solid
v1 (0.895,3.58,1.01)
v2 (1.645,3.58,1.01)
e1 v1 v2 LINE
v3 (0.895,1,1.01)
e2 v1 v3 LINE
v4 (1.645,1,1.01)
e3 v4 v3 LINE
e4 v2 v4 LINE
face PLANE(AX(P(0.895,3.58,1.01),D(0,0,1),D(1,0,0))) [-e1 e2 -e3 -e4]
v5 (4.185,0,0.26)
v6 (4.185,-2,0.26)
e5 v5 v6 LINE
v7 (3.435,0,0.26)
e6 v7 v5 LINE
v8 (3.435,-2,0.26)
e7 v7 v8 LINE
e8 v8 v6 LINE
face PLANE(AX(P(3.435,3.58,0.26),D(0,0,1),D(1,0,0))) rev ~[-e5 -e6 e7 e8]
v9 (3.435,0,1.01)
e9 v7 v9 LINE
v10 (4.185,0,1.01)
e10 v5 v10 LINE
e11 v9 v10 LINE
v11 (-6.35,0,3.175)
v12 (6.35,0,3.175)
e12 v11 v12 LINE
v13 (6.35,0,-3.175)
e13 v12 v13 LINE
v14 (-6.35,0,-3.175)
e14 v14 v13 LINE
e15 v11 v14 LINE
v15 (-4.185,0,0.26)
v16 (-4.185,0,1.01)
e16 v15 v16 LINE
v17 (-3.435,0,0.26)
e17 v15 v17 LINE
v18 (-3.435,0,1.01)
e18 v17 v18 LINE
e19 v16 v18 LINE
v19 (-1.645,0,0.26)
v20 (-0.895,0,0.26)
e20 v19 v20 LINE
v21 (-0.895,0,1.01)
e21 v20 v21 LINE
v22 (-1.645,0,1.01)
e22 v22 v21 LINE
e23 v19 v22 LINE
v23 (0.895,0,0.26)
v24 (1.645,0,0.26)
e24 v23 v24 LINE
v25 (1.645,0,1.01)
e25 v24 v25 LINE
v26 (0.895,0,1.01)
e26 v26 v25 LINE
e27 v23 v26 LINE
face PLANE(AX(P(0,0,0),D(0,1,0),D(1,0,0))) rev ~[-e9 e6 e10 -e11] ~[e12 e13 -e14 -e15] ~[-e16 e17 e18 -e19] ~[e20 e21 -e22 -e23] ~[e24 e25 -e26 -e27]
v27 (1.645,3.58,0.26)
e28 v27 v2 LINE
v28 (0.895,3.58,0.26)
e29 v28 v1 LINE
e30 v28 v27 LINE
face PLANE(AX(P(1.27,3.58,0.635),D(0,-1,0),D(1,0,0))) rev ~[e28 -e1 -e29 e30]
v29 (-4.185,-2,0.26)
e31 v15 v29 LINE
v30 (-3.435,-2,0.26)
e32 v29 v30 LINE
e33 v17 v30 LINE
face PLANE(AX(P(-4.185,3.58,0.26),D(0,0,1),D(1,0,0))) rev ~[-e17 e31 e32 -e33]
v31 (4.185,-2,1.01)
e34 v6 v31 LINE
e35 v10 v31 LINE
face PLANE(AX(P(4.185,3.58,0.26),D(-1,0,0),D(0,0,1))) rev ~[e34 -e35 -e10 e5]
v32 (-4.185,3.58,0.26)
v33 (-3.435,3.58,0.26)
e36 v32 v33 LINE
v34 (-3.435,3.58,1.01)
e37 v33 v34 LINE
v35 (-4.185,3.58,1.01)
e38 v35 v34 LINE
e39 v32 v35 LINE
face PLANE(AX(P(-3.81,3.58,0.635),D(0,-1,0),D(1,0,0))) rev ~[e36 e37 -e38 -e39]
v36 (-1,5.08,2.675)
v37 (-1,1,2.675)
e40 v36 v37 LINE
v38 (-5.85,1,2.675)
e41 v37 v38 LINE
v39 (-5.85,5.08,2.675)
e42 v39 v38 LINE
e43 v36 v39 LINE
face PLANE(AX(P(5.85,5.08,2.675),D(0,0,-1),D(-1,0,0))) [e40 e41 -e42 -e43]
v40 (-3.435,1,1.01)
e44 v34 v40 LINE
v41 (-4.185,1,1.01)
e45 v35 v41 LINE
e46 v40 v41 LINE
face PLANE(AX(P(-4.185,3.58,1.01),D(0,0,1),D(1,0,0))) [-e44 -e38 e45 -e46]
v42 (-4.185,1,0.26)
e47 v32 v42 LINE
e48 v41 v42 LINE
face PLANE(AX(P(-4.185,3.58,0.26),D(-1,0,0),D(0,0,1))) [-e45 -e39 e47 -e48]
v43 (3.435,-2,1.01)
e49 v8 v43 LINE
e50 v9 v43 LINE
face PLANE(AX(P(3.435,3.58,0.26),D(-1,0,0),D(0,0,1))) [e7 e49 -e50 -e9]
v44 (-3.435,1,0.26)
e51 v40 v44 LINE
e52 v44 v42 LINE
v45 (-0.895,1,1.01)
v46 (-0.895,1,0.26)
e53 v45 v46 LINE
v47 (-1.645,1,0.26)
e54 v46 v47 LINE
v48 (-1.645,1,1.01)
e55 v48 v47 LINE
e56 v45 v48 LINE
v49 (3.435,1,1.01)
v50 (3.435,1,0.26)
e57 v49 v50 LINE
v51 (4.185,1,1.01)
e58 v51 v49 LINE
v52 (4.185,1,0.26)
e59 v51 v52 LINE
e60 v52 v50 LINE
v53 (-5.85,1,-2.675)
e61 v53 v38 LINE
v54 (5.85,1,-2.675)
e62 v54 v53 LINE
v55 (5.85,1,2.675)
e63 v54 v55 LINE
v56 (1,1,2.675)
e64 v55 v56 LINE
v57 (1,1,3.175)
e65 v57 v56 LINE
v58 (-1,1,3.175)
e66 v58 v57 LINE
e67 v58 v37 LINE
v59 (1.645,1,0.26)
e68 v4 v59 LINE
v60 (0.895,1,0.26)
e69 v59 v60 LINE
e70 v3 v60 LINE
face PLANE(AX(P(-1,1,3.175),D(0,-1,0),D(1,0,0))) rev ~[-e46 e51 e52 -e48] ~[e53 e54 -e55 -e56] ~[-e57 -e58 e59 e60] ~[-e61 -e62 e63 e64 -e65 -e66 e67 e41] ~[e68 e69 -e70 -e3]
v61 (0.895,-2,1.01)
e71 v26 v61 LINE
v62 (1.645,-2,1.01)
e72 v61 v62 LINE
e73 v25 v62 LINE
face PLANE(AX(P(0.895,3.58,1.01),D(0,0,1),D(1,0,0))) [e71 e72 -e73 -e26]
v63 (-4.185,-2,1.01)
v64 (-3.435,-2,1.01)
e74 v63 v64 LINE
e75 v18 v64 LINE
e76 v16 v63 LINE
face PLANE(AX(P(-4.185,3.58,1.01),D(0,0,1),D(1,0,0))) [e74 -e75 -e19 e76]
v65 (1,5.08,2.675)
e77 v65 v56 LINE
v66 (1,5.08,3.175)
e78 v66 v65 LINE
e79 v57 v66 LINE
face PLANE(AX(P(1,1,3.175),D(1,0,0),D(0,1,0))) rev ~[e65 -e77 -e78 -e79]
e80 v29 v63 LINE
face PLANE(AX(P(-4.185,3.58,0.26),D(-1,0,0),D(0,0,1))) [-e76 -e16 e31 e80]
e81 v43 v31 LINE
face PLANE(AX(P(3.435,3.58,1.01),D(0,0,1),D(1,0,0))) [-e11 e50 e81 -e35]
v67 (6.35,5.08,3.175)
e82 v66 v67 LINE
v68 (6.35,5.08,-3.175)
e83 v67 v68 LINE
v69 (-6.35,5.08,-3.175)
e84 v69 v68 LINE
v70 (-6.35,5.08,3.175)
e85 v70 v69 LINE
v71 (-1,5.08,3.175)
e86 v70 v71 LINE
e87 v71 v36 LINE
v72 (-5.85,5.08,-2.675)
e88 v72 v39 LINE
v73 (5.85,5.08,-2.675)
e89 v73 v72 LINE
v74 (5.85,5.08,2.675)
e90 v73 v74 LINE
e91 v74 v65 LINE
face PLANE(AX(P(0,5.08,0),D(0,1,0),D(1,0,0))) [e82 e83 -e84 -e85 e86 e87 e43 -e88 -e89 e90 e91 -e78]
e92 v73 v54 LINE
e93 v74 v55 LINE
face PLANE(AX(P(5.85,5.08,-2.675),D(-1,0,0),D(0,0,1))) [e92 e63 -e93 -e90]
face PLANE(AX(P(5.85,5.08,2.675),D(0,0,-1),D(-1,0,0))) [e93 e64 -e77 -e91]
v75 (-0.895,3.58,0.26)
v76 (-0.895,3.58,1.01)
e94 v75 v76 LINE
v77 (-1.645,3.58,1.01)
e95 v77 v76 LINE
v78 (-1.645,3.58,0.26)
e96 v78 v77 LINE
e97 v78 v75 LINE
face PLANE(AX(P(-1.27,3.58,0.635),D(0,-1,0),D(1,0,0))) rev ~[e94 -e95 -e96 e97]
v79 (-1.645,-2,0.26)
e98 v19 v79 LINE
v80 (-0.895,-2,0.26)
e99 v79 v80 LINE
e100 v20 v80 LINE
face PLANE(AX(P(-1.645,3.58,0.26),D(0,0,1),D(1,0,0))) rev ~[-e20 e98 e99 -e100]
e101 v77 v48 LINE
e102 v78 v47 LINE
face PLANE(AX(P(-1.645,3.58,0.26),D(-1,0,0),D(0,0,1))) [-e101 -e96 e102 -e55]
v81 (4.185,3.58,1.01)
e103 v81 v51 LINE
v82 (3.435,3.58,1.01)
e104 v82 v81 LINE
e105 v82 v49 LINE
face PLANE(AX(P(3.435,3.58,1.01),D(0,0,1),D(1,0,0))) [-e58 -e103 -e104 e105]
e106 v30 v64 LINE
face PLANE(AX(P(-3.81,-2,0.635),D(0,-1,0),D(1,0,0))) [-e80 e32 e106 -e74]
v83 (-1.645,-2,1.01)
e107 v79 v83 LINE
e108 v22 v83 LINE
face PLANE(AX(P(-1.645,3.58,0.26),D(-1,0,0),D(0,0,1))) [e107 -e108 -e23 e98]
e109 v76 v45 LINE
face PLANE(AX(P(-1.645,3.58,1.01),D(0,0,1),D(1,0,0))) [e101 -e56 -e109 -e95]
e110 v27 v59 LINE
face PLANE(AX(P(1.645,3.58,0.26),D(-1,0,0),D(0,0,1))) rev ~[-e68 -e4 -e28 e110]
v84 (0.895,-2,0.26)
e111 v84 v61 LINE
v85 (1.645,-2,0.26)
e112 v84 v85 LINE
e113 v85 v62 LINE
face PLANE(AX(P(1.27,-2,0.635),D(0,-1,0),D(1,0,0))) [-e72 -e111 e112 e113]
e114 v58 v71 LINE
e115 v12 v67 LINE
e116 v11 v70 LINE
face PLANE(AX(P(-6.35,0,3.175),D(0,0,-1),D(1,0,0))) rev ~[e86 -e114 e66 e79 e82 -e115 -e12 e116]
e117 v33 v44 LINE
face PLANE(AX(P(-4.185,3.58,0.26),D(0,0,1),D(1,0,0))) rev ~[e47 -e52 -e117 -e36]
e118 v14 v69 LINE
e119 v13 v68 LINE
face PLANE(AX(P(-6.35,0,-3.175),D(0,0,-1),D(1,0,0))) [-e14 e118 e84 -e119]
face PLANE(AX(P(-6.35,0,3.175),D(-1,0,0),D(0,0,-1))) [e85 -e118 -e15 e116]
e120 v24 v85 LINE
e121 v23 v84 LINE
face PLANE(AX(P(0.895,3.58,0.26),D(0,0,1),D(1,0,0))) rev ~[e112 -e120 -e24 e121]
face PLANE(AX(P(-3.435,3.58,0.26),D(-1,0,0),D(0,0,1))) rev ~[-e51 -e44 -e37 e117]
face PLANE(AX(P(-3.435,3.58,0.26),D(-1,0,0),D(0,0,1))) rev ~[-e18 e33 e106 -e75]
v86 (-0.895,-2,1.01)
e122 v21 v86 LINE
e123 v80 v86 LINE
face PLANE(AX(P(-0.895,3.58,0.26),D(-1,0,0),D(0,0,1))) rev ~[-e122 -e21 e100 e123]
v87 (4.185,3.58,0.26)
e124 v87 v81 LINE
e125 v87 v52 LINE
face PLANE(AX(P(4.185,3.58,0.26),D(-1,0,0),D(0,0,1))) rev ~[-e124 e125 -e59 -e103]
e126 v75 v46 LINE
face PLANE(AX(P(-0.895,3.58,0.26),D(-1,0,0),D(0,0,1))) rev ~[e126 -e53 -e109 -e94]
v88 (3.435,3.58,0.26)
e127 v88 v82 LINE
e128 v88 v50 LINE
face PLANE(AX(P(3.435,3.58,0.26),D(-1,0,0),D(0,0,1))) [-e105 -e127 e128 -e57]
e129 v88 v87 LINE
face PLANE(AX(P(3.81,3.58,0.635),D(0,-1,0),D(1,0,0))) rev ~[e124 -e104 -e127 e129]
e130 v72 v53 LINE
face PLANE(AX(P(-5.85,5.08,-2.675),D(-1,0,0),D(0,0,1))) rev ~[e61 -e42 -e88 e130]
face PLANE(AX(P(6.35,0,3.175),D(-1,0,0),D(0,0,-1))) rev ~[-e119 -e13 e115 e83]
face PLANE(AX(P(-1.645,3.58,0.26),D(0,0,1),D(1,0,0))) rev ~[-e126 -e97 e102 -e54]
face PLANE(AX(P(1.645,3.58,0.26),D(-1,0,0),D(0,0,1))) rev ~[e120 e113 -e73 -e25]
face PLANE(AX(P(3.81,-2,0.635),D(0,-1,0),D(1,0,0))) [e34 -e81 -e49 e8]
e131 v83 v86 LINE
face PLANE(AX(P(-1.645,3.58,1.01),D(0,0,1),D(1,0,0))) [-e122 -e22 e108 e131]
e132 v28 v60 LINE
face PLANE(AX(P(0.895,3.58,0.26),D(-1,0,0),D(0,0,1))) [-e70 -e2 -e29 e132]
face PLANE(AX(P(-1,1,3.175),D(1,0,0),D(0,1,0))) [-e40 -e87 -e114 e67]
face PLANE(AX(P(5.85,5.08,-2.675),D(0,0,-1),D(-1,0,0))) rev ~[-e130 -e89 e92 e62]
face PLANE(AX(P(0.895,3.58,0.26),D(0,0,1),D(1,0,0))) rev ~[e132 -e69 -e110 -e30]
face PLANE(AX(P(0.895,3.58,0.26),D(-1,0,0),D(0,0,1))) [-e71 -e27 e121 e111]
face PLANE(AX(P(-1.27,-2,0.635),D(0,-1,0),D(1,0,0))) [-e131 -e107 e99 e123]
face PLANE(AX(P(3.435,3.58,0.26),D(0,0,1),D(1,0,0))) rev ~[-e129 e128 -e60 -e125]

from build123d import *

# Parameters (mm, degrees)
SKETCH_1_W           = 12.7
SKETCH_1_H           = 6.35
EXTRUDE_1_DEPTH      = 5.08
SKETCH_2_W           = 11.7
SKETCH_2_H           = 5.35
CUT_EXTRUDE_1_DEPTH  = 4.08
SKETCH_3_W           = 2
SKETCH_3_H           = 4.08
CUT_EXTRUDE_2_DEPTH  = 1
EXTRUDE_2_DEPTH      = 2
EXTRUDE_2_DEPTH_BACK = 3.58
SKETCH_4_W           = 0.75
SKETCH_4_H           = 0.75


with BuildPart() as part:
    # 草图1 → 拉伸1 (new body)
    with BuildSketch(Plane(origin=(0, 0, 0), x_dir=(1, 0, 0), z_dir=(0, 1, 0))):
        Rectangle(SKETCH_1_W, SKETCH_1_H)
    extrude(amount=EXTRUDE_1_DEPTH)

    # 草图2 → 切除-拉伸1 (cut)
    with BuildSketch(Plane(origin=(0, 5.08, 0), x_dir=(-1, 0, 0), z_dir=(0, 1, 0))):
        Rectangle(SKETCH_2_W, SKETCH_2_H)
    extrude(amount=-CUT_EXTRUDE_1_DEPTH, mode=Mode.SUBTRACT)

    # 草图3 → 切除-拉伸2 (cut)
    with BuildSketch(Plane.XY.offset(3.175)):
        with Locations((0, 3.04)):
            Rectangle(SKETCH_3_W, SKETCH_3_H)
    extrude(amount=-CUT_EXTRUDE_2_DEPTH, mode=Mode.SUBTRACT)

    # 草图4 → 拉伸2 (add, two sides: drawn at the far end of the back side and taken through both)
    with BuildSketch(Plane.XZ.offset(-EXTRUDE_2_DEPTH_BACK)):
        with Locations((-1.27, 0.635)):
            Rectangle(SKETCH_4_W, SKETCH_4_H)
        with Locations((1.27, 0.635)):
            Rectangle(SKETCH_4_W, SKETCH_4_H)
        with Locations((3.81, 0.635)):
            Rectangle(SKETCH_4_W, SKETCH_4_H)
        with Locations((-3.81, 0.635)):
            Rectangle(SKETCH_4_W, SKETCH_4_H)
    extrude(amount=EXTRUDE_2_DEPTH + EXTRUDE_2_DEPTH_BACK)


solid = part.part
